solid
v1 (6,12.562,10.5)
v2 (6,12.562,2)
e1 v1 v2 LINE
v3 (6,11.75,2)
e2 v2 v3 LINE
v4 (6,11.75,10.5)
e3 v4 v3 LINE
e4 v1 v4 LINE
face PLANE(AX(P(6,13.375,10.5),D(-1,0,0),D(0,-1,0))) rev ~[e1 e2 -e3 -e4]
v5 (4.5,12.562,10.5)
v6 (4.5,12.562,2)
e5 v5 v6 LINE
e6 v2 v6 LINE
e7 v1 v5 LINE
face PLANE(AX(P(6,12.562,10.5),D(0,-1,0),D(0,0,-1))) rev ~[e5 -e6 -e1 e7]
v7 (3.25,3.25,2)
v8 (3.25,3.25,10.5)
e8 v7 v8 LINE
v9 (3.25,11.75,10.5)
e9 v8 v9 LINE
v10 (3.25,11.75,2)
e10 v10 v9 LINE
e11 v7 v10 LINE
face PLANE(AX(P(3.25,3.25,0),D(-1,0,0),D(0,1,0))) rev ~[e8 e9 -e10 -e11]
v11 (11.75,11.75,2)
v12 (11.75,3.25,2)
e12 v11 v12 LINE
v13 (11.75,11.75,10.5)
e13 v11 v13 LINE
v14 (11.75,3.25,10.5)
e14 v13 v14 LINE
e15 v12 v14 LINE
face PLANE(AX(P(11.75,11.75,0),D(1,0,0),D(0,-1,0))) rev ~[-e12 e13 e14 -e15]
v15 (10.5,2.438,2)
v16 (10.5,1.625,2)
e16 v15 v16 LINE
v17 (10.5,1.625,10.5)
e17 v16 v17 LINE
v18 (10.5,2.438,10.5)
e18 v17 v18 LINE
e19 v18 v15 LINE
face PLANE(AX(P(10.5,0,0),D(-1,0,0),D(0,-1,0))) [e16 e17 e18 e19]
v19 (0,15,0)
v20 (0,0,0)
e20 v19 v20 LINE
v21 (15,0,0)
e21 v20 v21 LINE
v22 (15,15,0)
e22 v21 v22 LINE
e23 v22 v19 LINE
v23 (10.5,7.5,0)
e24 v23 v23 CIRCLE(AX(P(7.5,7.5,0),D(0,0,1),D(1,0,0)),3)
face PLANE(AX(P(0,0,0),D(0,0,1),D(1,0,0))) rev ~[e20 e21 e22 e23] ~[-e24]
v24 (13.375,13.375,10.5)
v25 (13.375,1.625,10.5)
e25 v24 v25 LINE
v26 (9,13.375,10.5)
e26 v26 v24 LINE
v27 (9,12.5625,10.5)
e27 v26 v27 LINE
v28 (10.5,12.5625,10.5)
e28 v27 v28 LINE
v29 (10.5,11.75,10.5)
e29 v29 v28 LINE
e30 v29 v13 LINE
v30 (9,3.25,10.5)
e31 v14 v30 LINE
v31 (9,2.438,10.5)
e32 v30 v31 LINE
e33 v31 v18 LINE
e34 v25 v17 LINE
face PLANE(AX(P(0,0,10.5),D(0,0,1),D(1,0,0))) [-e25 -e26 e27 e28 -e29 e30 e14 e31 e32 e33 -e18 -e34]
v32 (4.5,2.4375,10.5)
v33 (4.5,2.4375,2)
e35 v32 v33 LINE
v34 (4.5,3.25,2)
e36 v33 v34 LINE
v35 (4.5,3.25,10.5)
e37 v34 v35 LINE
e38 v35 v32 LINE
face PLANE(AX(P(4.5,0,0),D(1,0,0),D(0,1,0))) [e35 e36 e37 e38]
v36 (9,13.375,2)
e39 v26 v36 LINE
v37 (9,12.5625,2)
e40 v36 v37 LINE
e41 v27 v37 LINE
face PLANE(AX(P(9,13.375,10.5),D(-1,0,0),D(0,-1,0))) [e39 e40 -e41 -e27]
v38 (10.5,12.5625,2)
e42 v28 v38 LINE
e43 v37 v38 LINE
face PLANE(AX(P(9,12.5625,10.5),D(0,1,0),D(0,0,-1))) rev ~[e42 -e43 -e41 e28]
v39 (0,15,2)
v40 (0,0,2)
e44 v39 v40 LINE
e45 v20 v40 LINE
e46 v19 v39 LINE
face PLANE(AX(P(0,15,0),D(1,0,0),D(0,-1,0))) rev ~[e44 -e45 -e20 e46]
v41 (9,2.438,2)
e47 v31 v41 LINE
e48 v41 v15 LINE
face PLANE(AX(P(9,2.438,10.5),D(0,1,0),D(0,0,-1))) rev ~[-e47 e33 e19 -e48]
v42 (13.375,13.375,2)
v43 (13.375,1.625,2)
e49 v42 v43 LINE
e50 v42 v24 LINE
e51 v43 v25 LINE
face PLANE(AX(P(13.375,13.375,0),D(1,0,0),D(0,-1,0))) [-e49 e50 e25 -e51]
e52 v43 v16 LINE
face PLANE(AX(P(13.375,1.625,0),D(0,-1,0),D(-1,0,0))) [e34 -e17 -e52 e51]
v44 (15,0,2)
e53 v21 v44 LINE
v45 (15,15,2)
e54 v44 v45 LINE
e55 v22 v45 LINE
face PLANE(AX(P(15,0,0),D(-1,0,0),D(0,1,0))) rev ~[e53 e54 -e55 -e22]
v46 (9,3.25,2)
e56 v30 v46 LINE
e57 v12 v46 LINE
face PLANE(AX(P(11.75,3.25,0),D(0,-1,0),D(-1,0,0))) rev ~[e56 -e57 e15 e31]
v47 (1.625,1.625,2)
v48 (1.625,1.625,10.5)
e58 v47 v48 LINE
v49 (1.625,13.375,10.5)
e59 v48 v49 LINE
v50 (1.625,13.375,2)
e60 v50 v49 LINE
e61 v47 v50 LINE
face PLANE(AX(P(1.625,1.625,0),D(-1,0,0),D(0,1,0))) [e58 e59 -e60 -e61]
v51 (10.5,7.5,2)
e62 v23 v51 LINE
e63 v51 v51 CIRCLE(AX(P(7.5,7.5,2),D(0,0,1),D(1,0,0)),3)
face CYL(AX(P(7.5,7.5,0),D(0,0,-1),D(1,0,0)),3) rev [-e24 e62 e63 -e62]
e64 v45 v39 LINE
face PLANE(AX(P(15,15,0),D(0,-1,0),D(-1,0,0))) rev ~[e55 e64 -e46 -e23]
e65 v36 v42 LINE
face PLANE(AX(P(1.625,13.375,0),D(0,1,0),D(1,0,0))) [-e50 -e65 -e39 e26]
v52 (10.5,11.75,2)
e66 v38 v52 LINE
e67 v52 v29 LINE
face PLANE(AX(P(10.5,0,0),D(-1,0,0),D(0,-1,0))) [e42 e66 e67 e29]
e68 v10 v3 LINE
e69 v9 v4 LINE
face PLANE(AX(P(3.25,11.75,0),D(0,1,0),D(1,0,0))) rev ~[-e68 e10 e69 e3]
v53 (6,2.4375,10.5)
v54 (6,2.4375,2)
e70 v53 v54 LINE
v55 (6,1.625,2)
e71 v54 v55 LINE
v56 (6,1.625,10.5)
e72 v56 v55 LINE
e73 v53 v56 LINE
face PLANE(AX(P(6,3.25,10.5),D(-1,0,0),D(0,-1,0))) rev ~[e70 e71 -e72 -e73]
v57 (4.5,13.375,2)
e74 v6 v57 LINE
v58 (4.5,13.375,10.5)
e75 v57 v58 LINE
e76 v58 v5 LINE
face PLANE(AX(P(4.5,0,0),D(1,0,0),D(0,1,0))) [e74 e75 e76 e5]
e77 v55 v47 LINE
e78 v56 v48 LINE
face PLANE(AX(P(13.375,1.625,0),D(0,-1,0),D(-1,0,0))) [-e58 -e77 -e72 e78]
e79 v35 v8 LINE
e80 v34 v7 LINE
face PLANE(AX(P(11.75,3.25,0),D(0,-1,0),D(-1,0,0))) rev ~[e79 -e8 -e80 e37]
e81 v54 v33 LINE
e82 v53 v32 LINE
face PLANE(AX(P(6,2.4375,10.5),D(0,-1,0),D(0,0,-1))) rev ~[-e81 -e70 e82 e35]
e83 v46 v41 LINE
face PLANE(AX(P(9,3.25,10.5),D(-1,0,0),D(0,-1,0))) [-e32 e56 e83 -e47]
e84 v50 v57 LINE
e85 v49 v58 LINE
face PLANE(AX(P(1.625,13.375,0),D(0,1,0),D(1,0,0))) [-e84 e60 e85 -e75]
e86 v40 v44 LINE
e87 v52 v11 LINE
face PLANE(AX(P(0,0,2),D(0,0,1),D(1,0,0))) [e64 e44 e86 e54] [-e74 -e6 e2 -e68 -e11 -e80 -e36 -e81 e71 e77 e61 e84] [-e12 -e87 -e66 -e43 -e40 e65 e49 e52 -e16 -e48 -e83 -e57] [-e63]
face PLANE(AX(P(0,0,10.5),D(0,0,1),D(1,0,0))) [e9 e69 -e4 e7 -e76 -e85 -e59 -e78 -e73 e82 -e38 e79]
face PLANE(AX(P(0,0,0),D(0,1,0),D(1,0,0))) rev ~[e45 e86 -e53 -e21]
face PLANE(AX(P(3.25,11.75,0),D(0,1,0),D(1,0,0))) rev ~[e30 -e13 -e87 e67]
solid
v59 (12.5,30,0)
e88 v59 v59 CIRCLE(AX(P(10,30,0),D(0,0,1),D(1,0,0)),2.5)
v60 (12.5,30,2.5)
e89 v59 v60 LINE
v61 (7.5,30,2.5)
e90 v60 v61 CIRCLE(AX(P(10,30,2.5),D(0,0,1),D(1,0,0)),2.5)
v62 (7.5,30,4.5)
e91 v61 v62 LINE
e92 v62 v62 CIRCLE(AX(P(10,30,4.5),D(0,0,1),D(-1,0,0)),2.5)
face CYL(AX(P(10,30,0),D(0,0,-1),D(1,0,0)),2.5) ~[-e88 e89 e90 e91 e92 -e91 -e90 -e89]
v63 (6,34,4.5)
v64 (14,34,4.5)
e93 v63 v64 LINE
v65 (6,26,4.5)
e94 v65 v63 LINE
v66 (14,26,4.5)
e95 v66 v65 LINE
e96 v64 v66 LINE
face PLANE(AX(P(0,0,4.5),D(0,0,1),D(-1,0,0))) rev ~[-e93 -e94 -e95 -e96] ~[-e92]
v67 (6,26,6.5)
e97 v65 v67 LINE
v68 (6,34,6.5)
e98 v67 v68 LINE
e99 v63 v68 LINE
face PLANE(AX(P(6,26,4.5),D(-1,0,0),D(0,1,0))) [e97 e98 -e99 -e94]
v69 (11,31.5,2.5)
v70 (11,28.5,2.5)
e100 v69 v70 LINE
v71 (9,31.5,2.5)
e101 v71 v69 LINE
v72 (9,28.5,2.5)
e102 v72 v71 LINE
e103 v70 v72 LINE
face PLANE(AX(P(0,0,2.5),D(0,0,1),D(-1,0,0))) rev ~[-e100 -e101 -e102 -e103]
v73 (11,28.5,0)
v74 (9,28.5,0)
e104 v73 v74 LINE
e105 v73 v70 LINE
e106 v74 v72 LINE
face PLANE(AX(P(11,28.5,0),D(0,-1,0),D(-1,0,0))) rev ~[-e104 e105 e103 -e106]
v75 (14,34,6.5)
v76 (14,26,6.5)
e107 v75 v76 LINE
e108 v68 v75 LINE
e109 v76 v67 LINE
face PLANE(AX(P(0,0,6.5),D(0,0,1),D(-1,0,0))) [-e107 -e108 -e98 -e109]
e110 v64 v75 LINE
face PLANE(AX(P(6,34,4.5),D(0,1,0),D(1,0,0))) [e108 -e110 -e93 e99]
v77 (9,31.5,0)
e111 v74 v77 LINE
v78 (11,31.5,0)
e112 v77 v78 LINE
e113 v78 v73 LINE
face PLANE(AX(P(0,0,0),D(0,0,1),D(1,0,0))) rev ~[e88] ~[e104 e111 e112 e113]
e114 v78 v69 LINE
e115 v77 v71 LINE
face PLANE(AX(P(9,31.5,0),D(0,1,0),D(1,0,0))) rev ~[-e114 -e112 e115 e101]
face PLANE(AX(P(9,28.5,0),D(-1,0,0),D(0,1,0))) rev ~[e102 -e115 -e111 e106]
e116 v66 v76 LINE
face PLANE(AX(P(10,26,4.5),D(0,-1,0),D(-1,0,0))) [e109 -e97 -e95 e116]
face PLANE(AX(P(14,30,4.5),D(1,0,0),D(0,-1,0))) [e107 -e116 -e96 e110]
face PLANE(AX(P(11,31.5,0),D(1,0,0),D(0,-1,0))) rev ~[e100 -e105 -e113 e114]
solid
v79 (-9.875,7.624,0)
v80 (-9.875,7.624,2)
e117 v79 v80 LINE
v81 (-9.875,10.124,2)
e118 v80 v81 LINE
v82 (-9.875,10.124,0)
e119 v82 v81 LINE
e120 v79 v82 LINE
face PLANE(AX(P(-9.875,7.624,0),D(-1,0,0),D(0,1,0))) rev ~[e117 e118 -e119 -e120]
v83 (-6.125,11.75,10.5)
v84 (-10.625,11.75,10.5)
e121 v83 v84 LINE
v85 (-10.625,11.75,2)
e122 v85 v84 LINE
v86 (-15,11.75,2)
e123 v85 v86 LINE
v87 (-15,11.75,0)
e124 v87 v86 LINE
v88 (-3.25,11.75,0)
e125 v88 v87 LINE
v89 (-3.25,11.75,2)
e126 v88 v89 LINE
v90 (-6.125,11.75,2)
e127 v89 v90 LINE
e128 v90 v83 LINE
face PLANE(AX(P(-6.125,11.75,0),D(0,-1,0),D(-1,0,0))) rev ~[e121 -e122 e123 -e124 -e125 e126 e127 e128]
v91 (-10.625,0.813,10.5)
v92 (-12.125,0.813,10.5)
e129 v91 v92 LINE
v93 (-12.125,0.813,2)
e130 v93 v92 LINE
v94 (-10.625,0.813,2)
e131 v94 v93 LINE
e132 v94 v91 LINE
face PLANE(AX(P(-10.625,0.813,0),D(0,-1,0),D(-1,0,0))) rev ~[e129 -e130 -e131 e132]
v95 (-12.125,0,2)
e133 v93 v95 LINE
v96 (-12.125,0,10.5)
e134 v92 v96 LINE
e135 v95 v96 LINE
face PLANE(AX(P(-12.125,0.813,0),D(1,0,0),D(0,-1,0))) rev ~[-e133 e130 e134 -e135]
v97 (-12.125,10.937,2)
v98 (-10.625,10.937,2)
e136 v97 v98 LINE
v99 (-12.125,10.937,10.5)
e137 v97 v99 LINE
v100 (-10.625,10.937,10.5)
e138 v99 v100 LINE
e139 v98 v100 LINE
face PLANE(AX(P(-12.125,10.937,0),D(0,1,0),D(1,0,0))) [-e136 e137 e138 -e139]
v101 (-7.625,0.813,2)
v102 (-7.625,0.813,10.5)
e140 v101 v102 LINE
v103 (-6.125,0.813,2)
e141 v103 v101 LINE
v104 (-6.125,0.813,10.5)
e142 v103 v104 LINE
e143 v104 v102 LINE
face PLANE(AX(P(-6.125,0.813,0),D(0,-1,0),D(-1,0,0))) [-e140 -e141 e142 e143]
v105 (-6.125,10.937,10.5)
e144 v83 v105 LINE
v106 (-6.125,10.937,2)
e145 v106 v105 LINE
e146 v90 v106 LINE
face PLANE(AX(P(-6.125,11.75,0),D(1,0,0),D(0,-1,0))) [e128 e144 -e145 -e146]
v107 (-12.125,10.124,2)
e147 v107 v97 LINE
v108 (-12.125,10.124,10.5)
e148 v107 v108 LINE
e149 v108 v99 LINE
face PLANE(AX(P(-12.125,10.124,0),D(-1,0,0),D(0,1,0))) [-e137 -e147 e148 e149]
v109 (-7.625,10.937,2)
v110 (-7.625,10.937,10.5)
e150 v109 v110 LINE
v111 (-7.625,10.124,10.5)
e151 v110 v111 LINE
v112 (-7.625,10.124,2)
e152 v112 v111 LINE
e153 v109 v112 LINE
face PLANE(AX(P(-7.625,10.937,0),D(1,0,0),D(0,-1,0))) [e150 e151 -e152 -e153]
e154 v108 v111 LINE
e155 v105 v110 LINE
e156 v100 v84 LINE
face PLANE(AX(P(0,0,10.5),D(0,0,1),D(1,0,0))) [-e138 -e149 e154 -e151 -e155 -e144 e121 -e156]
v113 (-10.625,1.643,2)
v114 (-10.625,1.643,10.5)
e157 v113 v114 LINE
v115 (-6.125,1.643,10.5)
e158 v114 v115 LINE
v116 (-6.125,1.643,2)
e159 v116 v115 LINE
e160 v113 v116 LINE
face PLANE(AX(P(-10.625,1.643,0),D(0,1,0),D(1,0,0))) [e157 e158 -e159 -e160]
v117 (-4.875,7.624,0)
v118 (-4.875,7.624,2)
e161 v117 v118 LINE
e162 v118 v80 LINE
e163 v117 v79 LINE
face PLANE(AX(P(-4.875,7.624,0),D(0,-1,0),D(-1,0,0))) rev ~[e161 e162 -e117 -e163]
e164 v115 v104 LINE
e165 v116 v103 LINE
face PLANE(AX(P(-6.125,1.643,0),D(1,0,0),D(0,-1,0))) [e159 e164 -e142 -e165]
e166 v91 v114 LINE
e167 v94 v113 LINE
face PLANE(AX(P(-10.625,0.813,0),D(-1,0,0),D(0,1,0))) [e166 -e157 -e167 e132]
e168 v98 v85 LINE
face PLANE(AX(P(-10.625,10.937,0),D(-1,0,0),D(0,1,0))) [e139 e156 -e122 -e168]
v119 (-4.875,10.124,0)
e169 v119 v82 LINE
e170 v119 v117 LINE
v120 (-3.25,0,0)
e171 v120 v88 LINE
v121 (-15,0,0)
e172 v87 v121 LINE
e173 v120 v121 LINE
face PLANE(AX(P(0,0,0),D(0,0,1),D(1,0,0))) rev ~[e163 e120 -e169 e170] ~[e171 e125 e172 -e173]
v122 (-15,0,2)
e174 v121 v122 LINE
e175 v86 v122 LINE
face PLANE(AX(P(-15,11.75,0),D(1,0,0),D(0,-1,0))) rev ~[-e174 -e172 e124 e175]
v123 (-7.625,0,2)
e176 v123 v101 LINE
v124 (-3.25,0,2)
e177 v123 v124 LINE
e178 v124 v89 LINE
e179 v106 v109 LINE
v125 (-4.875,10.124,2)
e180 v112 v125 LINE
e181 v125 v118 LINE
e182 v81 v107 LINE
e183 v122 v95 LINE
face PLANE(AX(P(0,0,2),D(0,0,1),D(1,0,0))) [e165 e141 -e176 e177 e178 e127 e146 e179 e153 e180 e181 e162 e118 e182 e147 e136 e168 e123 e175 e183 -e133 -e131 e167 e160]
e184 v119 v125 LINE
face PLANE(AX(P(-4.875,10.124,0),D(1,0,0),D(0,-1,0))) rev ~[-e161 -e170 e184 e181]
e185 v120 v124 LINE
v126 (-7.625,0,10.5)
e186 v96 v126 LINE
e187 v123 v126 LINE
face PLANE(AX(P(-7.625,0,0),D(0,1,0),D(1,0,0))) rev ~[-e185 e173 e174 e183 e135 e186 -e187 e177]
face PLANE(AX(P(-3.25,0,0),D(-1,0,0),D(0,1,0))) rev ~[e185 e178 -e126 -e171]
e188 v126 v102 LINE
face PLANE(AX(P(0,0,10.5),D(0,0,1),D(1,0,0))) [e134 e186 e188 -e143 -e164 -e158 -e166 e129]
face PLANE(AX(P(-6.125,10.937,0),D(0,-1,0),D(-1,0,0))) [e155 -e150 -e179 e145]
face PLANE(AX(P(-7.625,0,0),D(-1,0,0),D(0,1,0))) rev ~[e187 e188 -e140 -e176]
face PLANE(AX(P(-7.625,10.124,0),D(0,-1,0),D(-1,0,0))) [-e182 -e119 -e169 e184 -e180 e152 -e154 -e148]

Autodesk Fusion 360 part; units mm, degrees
sketch "Sketch1" plane through (0, 0, 0) normal (0, 0, 1) x (1, 0, 0)
  line L0 (0, 0) -> (15, 0)
  line L1 (15, 0) -> (15, 15)
  line L2 (15, 15) -> (0, 15)
  line L3 (0, 15) -> (0, 0)
  line L4 (3.25, 11.75) -> (11.75, 11.75)
  line L5 (11.75, 11.75) -> (11.75, 3.25)
  line L6 (11.75, 3.25) -> (3.25, 3.25)
  line L7 (3.25, 3.25) -> (3.25, 11.75)
  line L8 (1.625, 13.375) -> (13.375, 13.375)
  line L9 (13.375, 13.375) -> (13.375, 1.625)
  line L10 (13.375, 1.625) -> (1.625, 1.625)
  line L11 (1.625, 1.625) -> (1.625, 13.375)
  circle A0 centre (7.5, 7.5) radius 3
  dimension "d1" = 15
  dimension "d2" = 15
  dimension "d3" = 8.5
  dimension "d4" = 8.5
  dimension "d5" = 3.25
  dimension "d6" = 3.25
  dimension "d7" = 1.625
  dimension "d8" = 1.625
  dimension "d9" = 1.625
  dimension "d10" = 1.625
  dimension "d15" = 6
  dimension "d16" = 4.25
  dimension "d17" = 4.25
extrude "Extrude1" add sketch "Sketch1" along normal blind 2 contours L0 L1 L2 L3 | L4 L5 L6 L7 | A0 makes body 1 at (6.0833, 8.9167, 0) makes body 2 at (5.5417, 0.5417, 0)
extrude "Extrude2" add sketch "Sketch1" along normal blind 10.5 contours L8 L9 L10 L11 bodies 1 2
extrude "Extrude3" cut sketch "Sketch1" along normal blind 2 contours A0 bodies 1
sketch "Sketch2" plane through (0, 0, 10.5) normal (0, 0, 1) x (-1, 0, 0)
  line L0 (-11.75, -3.25) -> (-3.25, -3.25)
  line L1 (-3.25, -3.25) -> (-3.25, -11.75)
  line L2 (-3.25, -11.75) -> (-11.75, -11.75)
  line L3 (-11.75, -11.75) -> (-11.75, -3.25)
  line L4 (-1.625, -1.625) -> (-13.375, -1.625)
  line L5 (-13.375, -1.625) -> (-13.375, -13.375)
  line L6 (-13.375, -13.375) -> (-1.625, -13.375)
  line L7 (-1.625, -13.375) -> (-1.625, -1.625)
  line L8 (-7.5, -13.375) -> (-9, -13.375)
  line L9 (-9, -13.375) -> (-9, -11.75)
  line L10 (-9, -11.75) -> (-7.5, -11.75)
  line L11 (-7.5, -11.75) -> (-7.5, -13.375)
  line L12 (-7.5, -13.375) -> (-6, -13.375)
  line L13 (-6, -13.375) -> (-6, -11.75)
  line L14 (-6, -11.75) -> (-7.5, -11.75)
  line L15 (-7.5, -11.75) -> (-7.5, -13.375)
  line L16 (-7.5, -3.25) -> (-9, -3.25)
  line L17 (-9, -3.25) -> (-9, -1.625)
  line L18 (-9, -1.625) -> (-7.5, -1.625)
  line L19 (-7.5, -1.625) -> (-7.5, -3.25)
  line L20 (-7.5, -3.25) -> (-6, -3.25)
  line L21 (-6, -3.25) -> (-6, -1.625)
  line L22 (-6, -1.625) -> (-7.5, -1.625)
  line L23 (-7.5, -1.625) -> (-7.5, -3.25)
  dimension "d20" = 1.5
  dimension "d21" = 1.5
extrude "Extrude4" cut sketch "Sketch2" against normal blind 8.5 contours L0 L4 L16 L17 L18 L19 L23 | L0 L4 L19 L20 L21 L22 L23 | L2 L6 L8 L9 L10 L11 L15 | L2 L6 L11 L12 L13 L14 L15 bodies 1
sketch "Sketch3" plane through (6, 0, 0) normal (1, 0, 0) x (0, 1, 0)
  line L0 (3.25, 10.5) -> (1.625, 10.5)
  line L1 (1.625, 10.5) -> (1.625, 2)
  line L2 (1.625, 2) -> (3.25, 2)
  line L3 (3.25, 2) -> (3.25, 10.5)
  line L4 (3.25, 10.5) -> (2.4375, 10.5)
  line L5 (2.4375, 10.5) -> (2.4375, 2)
  line L6 (2.4375, 2) -> (3.25, 2)
  line L7 (3.25, 2) -> (3.25, 10.5)
  line L8 (13.375, 10.5) -> (12.562, 10.5)
  line L9 (12.562, 10.5) -> (12.562, 2)
  line L10 (12.562, 2) -> (13.375, 2)
  line L11 (13.375, 2) -> (13.375, 10.5)
  dimension "d24" = 0.8125
  dimension "d25" = 8.5
  dimension "d26" = 0.813
  dimension "d27" = 8.5
extrude "Extrude5" cut sketch "Sketch3" against normal blind 1.5 contours L0 L2 L3 L4 L5 L6 L7 | L8 L9 L10 L11 bodies 1
sketch "Sketch4" plane through (9, 0, 0) normal (-1, 0, 0) x (0, -1, 0)
  line L0 (-11.75, 10.5) -> (-13.375, 10.5)
  line L1 (-13.375, 10.5) -> (-13.375, 2)
  line L2 (-13.375, 2) -> (-11.75, 2)
  line L3 (-11.75, 2) -> (-11.75, 10.5)
  line L4 (-11.75, 10.5) -> (-12.5625, 10.5)
  line L5 (-12.5625, 10.5) -> (-12.5625, 2)
  line L6 (-12.5625, 2) -> (-11.75, 2)
  line L7 (-11.75, 2) -> (-11.75, 10.5)
  line L8 (-1.625, 10.5) -> (-2.438, 10.5)
  line L9 (-2.438, 10.5) -> (-2.438, 2)
  line L10 (-2.438, 2) -> (-1.625, 2)
  line L11 (-1.625, 2) -> (-1.625, 10.5)
  dimension "d30" = 8.5
  dimension "d31" = 0.813
  dimension "d32" = 8.5
extrude "Extrude6" cut sketch "Sketch4" against normal blind 1.5 contours L0 L2 L3 L4 L5 L6 L7 | L8 L9 L10 L11 bodies 1
sketch "Sketch5" plane through (0, 0, 0) normal (0, 0, 1) x (1, 0, 0)
  line L0 (-15, 0) -> (-3.25, 0)
  line L1 (-3.25, 0) -> (-3.25, 11.75)
  line L2 (-3.25, 11.75) -> (-15, 11.75)
  line L3 (-15, 11.75) -> (-15, 0)
  line L4 (-10.625, 11.75) -> (-6.125, 11.75)
  line L5 (-6.125, 11.75) -> (-6.125, 10.937)
  line L6 (-6.125, 10.937) -> (-10.625, 10.937)
  line L7 (-10.625, 10.937) -> (-10.625, 11.75)
  line L8 (-12.125, 10.937) -> (-7.625, 10.937)
  line L9 (-7.625, 10.937) -> (-7.625, 10.124)
  line L10 (-7.625, 10.124) -> (-12.125, 10.124)
  line L11 (-12.125, 10.124) -> (-12.125, 10.937)
  line L12 (-12.125, 0) -> (-7.625, 0)
  line L13 (-7.625, 0) -> (-7.625, 0.813)
  line L14 (-7.625, 0.813) -> (-12.125, 0.813)
  line L15 (-12.125, 0.813) -> (-12.125, 0)
  line L16 (-6.125, 0.813) -> (-10.625, 0.813)
  line L17 (-10.625, 0.813) -> (-10.625, 1.643)
  line L18 (-10.625, 1.643) -> (-6.125, 1.643)
  line L19 (-6.125, 1.643) -> (-6.125, 0.813)
  line L20 (-9.875, 10.124) -> (-4.875, 10.124)
  line L21 (-4.875, 10.124) -> (-4.875, 7.624)
  line L22 (-4.875, 7.624) -> (-9.875, 7.624)
  line L23 (-9.875, 7.624) -> (-9.875, 10.124)
  dimension "d35" = 11.75
  dimension "d36" = 11.75
  dimension "d38" = 2.875
  dimension "d39" = 0.813
  dimension "d40" = 4.5
  dimension "d41" = 0.813
  dimension "d42" = 4.375
  dimension "d43" = 4.5
  dimension "d44" = 0.813
  dimension "d45" = 4.375
  dimension "d46" = 4.5
  dimension "d47" = 0.83
  dimension "d48" = 2.875
  dimension "d49" = 5
  dimension "d50" = 2.5
  dimension "d51" = 1.625
  dimension "d52" = 4.5
extrude "Extrude7" add sketch "Sketch5" along normal blind 10.5 separate body contours L0 L12 L13 L14 L15 L16 | L2 L4 L5 L6 L7 L8 | L14 L16 L17 L18 L19 | L6 L8 L9 L10 L11 L20 makes body 3 at (-9.125, 10.124, 3.5) makes body 4 at (-9.125, 1.643, 3.5)
extrude "Extrude8" add sketch "Sketch5" along normal blind 2 contours L0 L1 L2 L3 L5 L6 L7 L8 L9 L10 L11 L13 L14 L15 L16 L17 L18 L19 L20 L21 L22 L23 bodies 3 4
sketch "Sketch6" plane through (0, 0, 0) normal (0, 0, 1) x (1, 0, 0)
  circle A0 centre (10, 30) radius 2.5
  line L0 (9, 31.5) -> (11, 31.5)
  line L1 (11, 31.5) -> (11, 28.5)
  line L2 (11, 28.5) -> (9, 28.5)
  line L3 (9, 28.5) -> (9, 31.5)
  dimension "d57" = 5
  dimension "d58" = 2
  dimension "d59" = 3
  dimension "d60" = 1
  dimension "d61" = 1.5
extrude "Extrude9" add sketch "Sketch6" along normal blind 2.5 separate body makes body 5
sketch "Sketch7" plane through (0, 0, 2.5) normal (0, 0, 1) x (-1, 0, 0)
  line L0 (-11, -28.5) -> (-9, -28.5)
  line L1 (-9, -28.5) -> (-9, -31.5)
  line L2 (-9, -31.5) -> (-11, -31.5)
  line L3 (-11, -31.5) -> (-11, -28.5)
  circle A0 centre (-10, -30) radius 2.5
  circle A1 centre (-10, -30) radius 2.5
extrude "Extrude10" add sketch "Sketch7" along normal blind 2 contours L0 L1 L2 L3 | A0 A1 bodies 5
sketch "Sketch8" plane through (0, 0, 4.5) normal (0, 0, 1) x (-1, 0, 0)
  circle A0 centre (-10, -30) radius 2.5
  line L0 (-10, -30) -> (-14, -30)
  line L1 (-14, -30) -> (-14, -26)
  line L2 (-14, -26) -> (-10, -26)
  line L3 (-10, -26) -> (-10, -30)
  line L4 (-10, -30) -> (-6, -30)
  line L5 (-6, -30) -> (-6, -34)
  line L6 (-6, -34) -> (-10, -34)
  line L7 (-10, -34) -> (-10, -30)
  line L8 (-6, -34) -> (-14, -34)
  line L9 (-14, -34) -> (-14, -26)
  line L10 (-14, -26) -> (-6, -26)
  line L11 (-6, -26) -> (-6, -34)
  dimension "d66" = 4
  dimension "d67" = 4
  dimension "d68" = 4
  dimension "d69" = 4
extrude "Extrude11" add sketch "Sketch8" along normal blind 2 bodies 5
equation "d7 = ( 3.25 / 2 ) * 1 mm"
equation "d8 = ( 3.25 / 2 ) * 1 mm"
equation "d16 = ( 8.5 / 2 ) * 1 mm"
equation "d24 = ( 1.625 / 2 ) * 1 mm"
